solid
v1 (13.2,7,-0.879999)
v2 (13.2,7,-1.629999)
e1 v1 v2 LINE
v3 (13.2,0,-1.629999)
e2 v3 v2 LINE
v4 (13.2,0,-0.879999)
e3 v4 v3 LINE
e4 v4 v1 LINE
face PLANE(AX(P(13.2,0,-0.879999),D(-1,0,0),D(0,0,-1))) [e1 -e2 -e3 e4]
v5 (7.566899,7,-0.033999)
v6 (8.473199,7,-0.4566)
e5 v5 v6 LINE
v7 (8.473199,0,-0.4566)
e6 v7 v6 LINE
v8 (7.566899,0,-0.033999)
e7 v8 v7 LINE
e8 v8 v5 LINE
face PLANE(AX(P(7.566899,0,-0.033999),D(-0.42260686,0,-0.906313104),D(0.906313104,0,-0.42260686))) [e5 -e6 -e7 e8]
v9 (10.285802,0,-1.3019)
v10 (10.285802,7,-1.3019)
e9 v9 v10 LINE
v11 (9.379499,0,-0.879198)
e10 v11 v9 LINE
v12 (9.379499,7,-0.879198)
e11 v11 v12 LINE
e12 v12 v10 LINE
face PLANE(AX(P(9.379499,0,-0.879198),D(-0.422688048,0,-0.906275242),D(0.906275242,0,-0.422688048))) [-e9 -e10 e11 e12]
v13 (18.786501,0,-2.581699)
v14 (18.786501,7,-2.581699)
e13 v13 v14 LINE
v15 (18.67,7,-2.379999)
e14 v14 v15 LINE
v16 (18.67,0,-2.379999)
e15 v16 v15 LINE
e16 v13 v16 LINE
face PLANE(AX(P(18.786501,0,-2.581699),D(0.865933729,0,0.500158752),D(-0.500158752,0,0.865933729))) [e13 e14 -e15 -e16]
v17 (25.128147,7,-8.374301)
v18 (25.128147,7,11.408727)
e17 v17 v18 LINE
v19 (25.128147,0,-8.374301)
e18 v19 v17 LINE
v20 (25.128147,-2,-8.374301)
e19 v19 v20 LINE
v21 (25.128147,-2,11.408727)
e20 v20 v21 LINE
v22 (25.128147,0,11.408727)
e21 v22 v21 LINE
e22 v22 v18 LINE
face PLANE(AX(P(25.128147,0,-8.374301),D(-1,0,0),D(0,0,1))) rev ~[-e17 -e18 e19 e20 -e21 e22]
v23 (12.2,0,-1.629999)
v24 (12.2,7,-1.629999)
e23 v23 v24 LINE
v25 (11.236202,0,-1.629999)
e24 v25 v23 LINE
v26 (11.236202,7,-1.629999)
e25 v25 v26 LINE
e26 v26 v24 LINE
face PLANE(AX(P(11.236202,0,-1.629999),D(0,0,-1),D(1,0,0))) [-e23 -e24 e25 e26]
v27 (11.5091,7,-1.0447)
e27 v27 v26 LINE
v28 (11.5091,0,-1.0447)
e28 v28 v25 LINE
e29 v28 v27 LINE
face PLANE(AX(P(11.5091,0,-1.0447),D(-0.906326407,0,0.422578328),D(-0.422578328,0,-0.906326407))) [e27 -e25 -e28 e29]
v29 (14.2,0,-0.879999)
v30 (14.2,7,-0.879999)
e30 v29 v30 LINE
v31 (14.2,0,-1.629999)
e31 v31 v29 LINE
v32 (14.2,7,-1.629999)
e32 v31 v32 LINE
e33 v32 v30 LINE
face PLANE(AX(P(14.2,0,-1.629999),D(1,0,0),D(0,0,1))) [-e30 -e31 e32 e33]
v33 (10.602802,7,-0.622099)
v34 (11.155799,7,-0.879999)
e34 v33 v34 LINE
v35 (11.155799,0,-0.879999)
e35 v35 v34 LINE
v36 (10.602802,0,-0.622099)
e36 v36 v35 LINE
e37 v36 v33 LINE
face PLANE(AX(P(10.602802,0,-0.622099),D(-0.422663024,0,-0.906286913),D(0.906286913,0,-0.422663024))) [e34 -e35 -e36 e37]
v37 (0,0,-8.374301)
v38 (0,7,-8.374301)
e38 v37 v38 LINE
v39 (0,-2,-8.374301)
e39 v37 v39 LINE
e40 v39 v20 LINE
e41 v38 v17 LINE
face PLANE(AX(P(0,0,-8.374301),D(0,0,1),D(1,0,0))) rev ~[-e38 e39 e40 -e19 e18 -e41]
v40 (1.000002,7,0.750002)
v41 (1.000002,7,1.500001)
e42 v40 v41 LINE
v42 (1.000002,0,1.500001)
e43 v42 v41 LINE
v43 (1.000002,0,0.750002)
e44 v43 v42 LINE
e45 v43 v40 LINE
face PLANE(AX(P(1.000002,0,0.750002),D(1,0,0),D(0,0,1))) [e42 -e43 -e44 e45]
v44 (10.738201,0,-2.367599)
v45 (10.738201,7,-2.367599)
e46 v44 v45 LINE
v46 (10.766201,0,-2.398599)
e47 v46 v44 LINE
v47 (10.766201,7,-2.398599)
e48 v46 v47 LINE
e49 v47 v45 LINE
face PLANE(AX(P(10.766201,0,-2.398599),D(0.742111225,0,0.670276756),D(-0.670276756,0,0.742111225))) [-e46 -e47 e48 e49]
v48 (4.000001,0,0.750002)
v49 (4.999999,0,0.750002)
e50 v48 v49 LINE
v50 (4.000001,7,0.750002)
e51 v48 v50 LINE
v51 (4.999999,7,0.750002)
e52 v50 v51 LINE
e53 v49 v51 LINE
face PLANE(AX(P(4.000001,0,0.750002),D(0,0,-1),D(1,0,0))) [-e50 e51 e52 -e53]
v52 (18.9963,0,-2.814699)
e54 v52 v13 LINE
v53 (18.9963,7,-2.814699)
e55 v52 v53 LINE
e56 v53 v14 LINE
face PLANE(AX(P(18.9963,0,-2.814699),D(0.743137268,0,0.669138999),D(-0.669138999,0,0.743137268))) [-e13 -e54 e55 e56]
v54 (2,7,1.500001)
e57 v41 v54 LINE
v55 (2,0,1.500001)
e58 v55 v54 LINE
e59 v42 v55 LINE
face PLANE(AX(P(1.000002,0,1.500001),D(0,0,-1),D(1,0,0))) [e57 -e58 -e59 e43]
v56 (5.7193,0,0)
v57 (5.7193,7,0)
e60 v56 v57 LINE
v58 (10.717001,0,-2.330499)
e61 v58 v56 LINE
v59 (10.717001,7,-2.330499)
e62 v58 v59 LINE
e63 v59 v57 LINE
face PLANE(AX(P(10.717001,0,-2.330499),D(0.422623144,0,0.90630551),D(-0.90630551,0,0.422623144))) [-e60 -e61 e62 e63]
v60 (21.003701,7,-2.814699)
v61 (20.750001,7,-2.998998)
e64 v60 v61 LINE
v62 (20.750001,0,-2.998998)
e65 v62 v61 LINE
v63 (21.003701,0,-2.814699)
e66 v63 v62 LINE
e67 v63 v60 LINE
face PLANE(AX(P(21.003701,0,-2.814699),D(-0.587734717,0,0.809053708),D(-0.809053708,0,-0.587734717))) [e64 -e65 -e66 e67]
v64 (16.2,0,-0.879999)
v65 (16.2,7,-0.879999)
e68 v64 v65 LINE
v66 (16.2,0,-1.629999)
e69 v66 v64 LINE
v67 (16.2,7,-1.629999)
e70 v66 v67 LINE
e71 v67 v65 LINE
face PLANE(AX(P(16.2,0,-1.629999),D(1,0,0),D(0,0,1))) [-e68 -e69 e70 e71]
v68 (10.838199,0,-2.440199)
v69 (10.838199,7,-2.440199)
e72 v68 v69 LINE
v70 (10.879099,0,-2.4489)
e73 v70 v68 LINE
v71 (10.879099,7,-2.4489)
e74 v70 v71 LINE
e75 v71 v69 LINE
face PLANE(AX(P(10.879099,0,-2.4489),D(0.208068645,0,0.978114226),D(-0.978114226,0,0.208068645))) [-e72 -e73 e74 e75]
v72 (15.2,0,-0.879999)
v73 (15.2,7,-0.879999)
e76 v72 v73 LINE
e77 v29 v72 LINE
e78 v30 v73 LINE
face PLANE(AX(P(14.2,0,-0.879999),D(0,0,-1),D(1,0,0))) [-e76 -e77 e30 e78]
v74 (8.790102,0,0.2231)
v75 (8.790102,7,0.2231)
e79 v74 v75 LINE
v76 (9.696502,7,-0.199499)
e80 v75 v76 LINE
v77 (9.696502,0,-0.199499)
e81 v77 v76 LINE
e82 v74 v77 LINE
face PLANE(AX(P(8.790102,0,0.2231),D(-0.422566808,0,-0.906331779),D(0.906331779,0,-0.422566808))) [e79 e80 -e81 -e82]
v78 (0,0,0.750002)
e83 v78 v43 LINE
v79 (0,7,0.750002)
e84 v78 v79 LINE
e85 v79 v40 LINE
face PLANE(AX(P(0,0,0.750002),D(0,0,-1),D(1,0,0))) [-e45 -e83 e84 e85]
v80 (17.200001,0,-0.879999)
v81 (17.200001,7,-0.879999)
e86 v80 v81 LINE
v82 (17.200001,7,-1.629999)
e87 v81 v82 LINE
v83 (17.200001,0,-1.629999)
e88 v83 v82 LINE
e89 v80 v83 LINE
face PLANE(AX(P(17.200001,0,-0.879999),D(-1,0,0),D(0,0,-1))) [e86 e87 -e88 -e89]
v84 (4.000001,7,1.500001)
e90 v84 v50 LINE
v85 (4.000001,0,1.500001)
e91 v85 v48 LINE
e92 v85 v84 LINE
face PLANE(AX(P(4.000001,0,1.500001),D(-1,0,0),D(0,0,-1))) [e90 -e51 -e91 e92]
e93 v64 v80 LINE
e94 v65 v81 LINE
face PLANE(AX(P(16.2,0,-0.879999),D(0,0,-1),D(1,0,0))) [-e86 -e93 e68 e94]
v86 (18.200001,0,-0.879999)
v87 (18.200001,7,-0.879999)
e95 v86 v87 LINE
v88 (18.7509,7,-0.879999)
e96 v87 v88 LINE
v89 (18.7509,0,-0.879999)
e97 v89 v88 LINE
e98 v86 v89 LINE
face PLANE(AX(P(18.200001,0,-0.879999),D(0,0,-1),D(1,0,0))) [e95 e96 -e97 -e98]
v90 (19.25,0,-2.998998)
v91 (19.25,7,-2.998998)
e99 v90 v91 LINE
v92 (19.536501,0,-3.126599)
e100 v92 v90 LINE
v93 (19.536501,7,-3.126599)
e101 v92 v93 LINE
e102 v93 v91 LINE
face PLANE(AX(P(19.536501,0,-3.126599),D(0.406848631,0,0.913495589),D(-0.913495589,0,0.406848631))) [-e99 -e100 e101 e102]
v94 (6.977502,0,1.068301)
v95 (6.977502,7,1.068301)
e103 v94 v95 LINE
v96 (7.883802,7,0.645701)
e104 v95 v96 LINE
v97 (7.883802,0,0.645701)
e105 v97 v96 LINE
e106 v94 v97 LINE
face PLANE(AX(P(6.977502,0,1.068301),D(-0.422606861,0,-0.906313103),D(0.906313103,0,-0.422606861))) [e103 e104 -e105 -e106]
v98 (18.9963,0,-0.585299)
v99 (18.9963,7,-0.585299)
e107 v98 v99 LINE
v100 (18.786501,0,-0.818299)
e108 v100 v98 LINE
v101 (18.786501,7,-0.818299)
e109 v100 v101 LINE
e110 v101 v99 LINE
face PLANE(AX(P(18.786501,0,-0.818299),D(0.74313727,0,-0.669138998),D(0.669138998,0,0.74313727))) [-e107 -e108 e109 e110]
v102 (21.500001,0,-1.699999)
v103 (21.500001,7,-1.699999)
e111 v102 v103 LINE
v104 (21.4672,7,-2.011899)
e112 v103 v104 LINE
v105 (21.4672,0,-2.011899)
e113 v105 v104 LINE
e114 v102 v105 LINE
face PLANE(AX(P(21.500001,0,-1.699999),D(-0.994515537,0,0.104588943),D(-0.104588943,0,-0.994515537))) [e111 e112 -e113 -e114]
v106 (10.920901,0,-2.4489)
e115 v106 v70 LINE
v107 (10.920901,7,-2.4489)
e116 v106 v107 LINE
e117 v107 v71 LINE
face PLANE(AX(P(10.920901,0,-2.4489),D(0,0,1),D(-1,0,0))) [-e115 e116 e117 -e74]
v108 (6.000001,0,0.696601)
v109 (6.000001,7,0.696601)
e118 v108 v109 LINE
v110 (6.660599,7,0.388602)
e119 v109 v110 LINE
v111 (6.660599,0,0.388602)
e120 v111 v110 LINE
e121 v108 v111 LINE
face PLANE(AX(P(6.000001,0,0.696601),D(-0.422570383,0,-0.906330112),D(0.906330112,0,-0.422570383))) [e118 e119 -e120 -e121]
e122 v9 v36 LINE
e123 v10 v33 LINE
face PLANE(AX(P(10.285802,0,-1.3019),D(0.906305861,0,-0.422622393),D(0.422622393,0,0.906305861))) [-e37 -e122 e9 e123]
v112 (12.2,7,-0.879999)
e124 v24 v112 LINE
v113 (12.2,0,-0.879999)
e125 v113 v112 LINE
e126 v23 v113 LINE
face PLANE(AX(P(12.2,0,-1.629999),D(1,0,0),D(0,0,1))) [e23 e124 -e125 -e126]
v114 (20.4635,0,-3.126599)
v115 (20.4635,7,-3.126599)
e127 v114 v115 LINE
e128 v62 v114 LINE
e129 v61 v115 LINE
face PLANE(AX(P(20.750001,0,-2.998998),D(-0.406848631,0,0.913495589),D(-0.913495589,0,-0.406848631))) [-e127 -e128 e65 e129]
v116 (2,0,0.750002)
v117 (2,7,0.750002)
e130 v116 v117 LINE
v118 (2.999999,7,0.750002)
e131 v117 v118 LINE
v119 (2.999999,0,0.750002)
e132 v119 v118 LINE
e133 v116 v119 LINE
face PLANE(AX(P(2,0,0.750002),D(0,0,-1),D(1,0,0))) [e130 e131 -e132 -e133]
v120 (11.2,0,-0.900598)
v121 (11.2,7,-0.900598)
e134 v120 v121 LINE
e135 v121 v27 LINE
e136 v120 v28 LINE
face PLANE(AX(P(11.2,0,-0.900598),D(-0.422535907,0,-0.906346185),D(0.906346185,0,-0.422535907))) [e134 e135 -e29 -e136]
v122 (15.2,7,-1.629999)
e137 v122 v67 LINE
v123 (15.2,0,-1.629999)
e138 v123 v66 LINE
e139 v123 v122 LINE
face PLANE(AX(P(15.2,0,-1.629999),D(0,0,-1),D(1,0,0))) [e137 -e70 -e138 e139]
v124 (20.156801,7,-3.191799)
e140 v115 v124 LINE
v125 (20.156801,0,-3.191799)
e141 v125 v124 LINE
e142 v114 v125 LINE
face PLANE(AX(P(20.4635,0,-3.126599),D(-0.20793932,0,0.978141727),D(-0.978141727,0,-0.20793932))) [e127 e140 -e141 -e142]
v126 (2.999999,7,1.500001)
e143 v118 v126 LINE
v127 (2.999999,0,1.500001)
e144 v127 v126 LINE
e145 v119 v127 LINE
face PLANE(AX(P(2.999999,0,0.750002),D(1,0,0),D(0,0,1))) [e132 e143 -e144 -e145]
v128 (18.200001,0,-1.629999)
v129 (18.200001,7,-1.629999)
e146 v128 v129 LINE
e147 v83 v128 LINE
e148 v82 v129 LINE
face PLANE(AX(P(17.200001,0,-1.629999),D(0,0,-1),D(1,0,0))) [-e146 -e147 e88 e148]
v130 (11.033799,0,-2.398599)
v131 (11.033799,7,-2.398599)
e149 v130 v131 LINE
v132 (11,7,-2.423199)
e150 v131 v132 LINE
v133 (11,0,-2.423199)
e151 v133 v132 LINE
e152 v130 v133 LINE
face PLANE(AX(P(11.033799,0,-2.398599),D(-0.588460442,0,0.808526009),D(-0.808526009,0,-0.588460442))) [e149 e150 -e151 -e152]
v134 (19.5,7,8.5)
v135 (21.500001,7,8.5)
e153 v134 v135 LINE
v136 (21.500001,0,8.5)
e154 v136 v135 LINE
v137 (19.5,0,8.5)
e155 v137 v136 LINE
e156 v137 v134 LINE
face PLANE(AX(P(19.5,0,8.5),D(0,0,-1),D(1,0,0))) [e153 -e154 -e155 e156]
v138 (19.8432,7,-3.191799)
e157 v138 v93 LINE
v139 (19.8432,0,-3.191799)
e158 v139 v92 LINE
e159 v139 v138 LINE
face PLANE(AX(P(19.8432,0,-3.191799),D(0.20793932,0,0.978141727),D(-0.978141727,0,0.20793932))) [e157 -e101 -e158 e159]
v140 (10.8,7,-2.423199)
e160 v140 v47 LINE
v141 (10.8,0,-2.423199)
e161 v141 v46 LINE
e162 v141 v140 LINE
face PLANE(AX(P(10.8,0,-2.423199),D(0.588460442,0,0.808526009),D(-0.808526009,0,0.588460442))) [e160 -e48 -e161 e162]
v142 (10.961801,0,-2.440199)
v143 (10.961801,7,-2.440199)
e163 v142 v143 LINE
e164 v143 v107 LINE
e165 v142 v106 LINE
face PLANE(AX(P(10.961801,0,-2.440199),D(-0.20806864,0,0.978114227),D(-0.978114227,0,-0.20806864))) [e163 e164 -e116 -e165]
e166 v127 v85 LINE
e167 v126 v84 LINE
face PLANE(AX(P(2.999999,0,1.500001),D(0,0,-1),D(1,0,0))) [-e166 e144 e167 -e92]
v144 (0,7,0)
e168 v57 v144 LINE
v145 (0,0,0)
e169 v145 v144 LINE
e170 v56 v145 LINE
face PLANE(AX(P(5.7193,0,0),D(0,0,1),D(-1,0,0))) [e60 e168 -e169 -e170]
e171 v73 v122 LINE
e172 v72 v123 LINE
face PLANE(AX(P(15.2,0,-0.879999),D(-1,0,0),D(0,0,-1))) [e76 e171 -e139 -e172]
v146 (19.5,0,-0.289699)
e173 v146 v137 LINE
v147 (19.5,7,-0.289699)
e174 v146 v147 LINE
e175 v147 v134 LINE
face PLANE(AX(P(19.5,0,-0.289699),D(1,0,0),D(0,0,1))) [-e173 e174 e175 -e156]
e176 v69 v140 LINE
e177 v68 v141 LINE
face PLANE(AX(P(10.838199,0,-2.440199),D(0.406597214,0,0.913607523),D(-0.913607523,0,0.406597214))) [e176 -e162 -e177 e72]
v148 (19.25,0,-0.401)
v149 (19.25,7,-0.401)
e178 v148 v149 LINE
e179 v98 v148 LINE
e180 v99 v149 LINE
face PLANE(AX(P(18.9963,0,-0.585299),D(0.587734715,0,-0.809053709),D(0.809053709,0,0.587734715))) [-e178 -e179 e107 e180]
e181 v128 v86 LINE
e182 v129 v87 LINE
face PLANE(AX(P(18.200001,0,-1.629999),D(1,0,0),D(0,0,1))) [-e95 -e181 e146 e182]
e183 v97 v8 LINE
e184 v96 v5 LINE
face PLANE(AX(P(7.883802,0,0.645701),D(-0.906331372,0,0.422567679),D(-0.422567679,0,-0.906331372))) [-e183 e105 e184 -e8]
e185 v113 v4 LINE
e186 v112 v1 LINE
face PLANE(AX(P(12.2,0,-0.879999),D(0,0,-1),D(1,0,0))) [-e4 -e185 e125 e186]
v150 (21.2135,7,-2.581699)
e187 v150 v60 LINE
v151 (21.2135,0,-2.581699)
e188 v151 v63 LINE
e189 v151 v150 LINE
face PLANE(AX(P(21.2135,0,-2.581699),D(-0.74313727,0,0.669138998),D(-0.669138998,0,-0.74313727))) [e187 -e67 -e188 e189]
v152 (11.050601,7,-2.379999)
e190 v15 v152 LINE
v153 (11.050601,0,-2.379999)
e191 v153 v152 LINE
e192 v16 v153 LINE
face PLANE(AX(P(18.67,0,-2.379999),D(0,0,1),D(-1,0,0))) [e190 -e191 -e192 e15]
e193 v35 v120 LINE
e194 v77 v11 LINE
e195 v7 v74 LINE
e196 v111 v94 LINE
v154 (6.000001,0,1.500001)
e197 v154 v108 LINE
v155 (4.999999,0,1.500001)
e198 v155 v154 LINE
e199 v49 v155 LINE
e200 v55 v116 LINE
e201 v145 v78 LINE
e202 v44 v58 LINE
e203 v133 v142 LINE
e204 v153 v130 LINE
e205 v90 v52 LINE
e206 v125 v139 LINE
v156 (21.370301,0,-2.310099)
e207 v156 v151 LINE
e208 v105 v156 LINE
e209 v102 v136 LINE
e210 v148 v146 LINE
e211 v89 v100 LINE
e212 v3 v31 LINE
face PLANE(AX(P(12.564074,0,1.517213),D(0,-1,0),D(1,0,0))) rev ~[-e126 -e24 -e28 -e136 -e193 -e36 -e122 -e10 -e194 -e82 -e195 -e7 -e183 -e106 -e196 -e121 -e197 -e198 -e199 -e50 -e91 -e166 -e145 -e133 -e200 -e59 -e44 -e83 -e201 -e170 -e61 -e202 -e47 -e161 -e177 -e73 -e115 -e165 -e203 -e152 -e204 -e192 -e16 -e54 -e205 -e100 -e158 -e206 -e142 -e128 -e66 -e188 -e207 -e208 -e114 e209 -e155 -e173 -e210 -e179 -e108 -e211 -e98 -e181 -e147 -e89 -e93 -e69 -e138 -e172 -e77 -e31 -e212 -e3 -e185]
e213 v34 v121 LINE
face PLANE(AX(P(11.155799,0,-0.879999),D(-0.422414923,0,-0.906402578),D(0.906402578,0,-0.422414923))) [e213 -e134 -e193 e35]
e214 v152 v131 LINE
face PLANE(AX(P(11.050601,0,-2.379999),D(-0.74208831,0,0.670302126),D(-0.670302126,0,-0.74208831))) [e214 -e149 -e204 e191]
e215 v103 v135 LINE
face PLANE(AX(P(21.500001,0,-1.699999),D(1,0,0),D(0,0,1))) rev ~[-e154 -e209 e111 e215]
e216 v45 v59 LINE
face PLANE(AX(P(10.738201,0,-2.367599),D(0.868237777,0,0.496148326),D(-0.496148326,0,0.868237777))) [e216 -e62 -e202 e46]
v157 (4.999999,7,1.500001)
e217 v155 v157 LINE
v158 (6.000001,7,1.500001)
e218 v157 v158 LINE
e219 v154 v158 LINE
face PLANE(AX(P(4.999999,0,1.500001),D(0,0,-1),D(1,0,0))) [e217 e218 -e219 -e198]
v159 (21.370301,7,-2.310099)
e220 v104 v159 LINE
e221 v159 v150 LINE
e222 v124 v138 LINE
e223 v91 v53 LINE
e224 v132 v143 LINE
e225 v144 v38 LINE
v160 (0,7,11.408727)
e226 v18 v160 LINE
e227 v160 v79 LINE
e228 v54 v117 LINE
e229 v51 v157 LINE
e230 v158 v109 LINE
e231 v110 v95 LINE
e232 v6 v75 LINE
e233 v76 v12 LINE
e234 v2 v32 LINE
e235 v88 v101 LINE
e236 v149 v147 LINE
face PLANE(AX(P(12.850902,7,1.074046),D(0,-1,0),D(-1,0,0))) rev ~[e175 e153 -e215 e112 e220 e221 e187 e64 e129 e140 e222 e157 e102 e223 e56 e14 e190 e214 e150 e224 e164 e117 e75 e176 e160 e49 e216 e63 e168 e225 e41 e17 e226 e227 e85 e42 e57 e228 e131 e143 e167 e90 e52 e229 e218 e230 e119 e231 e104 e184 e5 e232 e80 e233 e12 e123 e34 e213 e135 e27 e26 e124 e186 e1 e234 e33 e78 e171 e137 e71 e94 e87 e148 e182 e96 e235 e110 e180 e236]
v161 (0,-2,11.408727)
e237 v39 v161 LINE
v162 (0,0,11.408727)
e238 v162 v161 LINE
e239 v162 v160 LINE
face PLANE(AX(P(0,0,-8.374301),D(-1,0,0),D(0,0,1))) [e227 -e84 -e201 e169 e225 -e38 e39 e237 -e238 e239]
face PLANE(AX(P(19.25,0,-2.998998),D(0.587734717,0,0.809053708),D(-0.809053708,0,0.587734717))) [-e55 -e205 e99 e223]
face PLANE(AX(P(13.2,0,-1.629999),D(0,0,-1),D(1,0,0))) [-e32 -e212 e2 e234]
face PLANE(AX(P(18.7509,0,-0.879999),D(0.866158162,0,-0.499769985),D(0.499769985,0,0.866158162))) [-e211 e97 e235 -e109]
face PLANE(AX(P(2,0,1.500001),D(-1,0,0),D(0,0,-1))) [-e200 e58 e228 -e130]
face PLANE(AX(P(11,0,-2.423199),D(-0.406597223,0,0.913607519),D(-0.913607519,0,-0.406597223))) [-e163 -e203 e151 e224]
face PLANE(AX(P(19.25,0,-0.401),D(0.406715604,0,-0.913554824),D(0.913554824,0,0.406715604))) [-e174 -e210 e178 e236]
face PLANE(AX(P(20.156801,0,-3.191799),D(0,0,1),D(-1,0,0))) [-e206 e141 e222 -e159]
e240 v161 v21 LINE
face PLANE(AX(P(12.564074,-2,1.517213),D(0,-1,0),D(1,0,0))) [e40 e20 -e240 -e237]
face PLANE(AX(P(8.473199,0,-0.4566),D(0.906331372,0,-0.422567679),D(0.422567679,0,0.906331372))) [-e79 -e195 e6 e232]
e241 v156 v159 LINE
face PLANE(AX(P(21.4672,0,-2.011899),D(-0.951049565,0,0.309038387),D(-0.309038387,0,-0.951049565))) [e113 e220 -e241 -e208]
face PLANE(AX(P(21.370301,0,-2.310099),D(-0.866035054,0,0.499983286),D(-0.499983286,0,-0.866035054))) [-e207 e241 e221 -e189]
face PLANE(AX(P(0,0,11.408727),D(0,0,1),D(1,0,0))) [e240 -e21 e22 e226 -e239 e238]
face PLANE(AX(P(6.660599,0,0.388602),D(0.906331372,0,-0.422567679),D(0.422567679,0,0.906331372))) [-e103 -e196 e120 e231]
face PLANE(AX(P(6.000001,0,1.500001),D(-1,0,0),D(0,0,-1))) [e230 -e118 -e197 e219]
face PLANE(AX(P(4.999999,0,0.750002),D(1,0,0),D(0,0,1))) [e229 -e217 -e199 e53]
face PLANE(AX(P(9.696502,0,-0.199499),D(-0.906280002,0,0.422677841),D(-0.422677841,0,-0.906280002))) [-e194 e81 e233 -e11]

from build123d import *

# Parameters (mm, degrees)
BOSS_EXTRUDE1_DEPTH = 7
SKETCH2_W           = 25.128147065
SKETCH2_H           = 19.783027292
BOSS_EXTRUDE2_DEPTH = 2


with BuildPart() as part:
    # Sketch1 → Boss-Extrude1 (new body)
    with BuildSketch(Plane(origin=(0, 0, 0), x_dir=(1, 0, 0), z_dir=(0, 1, 0))):
        Polygon((19.500000402, -8.500000462), (21.50000073, -8.500000462), (21.50000073, 1.499999315), (21.50000073, 1.699998975), (21.467199549, 2.011898905), (21.370301023, 2.31009908), (21.213499829, 2.58169882), (21.003700793, 2.814698964), (20.750001073, 2.998998389), (20.463500172, 3.126598895), (20.156800747, 3.191798925), (19.843200222, 3.191798925), (19.536500797, 3.126598895), (19.249999896, 2.998998389), (18.996300176, 2.814698964), (18.786501139, 2.58169882), (18.670000136, 2.379998565), (11.050600559, 2.379998565), (11.033799499, 2.398598939), (10.99999994, 2.423198894), (10.961800814, 2.440199256), (10.920900851, 2.448899671), (10.879099369, 2.448899671), (10.838199407, 2.440199256), (10.80000028, 2.423198894), (10.766200721, 2.398598939), (10.738201439, 2.367598936), (10.717000812, 2.33049877), (5.719300359, 0), (0, 0), (0, 8.374300694), (25.128147065, 8.374300694), (25.128147065, -11.408726598), (0, -11.408726598), (0, -0.75000152), (1.000002027, -0.75000152), (1.000002027, -1.500001177), (2.000000328, -1.500001177), (2.000000328, -0.75000152), (2.999998629, -0.75000152), (2.999998629, -1.500001177), (4.000000656, -1.500001177), (4.000000656, -0.75000152), (4.999998957, -0.75000152), (4.999998957, -1.500001177), (6.000000983, -1.500001177), (6.000000983, -0.696601346), (6.660599262, -0.388601795), (6.977502257, -1.068301499), (7.883802056, -0.645700842), (7.566899061, 0.033998862), (8.473198861, 0.456599519), (8.790101856, -0.223100185), (9.696502239, 0.199498609), (9.379498661, 0.879198313), (10.285802186, 1.301899552), (10.602802038, 0.622099265), (11.155799031, 0.87999925), (11.199999601, 0.900598243), (11.509099975, 1.044699922), (11.236201972, 1.629998907), (12.199999765, 1.629998907), (12.199999765, 0.87999925), (13.199999928, 0.87999925), (13.199999928, 1.629998907), (14.200000092, 1.629998907), (14.200000092, 0.87999925), (15.200000256, 0.87999925), (15.200000256, 1.629998907), (16.20000042, 1.629998907), (16.20000042, 0.87999925), (17.200000584, 0.87999925), (17.200000584, 1.629998907), (18.200000748, 1.629998907), (18.200000748, 0.87999925), (18.750900403, 0.87999925), (18.786501139, 0.81829913), (18.996300176, 0.585298985), (19.249999896, 0.400999561), (19.500000402, 0.289699063), align=None)
    extrude(amount=BOSS_EXTRUDE1_DEPTH)

    # Sketch2 → Boss-Extrude2 (add)
    with BuildSketch(Plane.XZ):
        with Locations((12.564073533, 1.517212952)):
            Rectangle(SKETCH2_W, SKETCH2_H)
    extrude(amount=BOSS_EXTRUDE2_DEPTH)


solid = part.part
